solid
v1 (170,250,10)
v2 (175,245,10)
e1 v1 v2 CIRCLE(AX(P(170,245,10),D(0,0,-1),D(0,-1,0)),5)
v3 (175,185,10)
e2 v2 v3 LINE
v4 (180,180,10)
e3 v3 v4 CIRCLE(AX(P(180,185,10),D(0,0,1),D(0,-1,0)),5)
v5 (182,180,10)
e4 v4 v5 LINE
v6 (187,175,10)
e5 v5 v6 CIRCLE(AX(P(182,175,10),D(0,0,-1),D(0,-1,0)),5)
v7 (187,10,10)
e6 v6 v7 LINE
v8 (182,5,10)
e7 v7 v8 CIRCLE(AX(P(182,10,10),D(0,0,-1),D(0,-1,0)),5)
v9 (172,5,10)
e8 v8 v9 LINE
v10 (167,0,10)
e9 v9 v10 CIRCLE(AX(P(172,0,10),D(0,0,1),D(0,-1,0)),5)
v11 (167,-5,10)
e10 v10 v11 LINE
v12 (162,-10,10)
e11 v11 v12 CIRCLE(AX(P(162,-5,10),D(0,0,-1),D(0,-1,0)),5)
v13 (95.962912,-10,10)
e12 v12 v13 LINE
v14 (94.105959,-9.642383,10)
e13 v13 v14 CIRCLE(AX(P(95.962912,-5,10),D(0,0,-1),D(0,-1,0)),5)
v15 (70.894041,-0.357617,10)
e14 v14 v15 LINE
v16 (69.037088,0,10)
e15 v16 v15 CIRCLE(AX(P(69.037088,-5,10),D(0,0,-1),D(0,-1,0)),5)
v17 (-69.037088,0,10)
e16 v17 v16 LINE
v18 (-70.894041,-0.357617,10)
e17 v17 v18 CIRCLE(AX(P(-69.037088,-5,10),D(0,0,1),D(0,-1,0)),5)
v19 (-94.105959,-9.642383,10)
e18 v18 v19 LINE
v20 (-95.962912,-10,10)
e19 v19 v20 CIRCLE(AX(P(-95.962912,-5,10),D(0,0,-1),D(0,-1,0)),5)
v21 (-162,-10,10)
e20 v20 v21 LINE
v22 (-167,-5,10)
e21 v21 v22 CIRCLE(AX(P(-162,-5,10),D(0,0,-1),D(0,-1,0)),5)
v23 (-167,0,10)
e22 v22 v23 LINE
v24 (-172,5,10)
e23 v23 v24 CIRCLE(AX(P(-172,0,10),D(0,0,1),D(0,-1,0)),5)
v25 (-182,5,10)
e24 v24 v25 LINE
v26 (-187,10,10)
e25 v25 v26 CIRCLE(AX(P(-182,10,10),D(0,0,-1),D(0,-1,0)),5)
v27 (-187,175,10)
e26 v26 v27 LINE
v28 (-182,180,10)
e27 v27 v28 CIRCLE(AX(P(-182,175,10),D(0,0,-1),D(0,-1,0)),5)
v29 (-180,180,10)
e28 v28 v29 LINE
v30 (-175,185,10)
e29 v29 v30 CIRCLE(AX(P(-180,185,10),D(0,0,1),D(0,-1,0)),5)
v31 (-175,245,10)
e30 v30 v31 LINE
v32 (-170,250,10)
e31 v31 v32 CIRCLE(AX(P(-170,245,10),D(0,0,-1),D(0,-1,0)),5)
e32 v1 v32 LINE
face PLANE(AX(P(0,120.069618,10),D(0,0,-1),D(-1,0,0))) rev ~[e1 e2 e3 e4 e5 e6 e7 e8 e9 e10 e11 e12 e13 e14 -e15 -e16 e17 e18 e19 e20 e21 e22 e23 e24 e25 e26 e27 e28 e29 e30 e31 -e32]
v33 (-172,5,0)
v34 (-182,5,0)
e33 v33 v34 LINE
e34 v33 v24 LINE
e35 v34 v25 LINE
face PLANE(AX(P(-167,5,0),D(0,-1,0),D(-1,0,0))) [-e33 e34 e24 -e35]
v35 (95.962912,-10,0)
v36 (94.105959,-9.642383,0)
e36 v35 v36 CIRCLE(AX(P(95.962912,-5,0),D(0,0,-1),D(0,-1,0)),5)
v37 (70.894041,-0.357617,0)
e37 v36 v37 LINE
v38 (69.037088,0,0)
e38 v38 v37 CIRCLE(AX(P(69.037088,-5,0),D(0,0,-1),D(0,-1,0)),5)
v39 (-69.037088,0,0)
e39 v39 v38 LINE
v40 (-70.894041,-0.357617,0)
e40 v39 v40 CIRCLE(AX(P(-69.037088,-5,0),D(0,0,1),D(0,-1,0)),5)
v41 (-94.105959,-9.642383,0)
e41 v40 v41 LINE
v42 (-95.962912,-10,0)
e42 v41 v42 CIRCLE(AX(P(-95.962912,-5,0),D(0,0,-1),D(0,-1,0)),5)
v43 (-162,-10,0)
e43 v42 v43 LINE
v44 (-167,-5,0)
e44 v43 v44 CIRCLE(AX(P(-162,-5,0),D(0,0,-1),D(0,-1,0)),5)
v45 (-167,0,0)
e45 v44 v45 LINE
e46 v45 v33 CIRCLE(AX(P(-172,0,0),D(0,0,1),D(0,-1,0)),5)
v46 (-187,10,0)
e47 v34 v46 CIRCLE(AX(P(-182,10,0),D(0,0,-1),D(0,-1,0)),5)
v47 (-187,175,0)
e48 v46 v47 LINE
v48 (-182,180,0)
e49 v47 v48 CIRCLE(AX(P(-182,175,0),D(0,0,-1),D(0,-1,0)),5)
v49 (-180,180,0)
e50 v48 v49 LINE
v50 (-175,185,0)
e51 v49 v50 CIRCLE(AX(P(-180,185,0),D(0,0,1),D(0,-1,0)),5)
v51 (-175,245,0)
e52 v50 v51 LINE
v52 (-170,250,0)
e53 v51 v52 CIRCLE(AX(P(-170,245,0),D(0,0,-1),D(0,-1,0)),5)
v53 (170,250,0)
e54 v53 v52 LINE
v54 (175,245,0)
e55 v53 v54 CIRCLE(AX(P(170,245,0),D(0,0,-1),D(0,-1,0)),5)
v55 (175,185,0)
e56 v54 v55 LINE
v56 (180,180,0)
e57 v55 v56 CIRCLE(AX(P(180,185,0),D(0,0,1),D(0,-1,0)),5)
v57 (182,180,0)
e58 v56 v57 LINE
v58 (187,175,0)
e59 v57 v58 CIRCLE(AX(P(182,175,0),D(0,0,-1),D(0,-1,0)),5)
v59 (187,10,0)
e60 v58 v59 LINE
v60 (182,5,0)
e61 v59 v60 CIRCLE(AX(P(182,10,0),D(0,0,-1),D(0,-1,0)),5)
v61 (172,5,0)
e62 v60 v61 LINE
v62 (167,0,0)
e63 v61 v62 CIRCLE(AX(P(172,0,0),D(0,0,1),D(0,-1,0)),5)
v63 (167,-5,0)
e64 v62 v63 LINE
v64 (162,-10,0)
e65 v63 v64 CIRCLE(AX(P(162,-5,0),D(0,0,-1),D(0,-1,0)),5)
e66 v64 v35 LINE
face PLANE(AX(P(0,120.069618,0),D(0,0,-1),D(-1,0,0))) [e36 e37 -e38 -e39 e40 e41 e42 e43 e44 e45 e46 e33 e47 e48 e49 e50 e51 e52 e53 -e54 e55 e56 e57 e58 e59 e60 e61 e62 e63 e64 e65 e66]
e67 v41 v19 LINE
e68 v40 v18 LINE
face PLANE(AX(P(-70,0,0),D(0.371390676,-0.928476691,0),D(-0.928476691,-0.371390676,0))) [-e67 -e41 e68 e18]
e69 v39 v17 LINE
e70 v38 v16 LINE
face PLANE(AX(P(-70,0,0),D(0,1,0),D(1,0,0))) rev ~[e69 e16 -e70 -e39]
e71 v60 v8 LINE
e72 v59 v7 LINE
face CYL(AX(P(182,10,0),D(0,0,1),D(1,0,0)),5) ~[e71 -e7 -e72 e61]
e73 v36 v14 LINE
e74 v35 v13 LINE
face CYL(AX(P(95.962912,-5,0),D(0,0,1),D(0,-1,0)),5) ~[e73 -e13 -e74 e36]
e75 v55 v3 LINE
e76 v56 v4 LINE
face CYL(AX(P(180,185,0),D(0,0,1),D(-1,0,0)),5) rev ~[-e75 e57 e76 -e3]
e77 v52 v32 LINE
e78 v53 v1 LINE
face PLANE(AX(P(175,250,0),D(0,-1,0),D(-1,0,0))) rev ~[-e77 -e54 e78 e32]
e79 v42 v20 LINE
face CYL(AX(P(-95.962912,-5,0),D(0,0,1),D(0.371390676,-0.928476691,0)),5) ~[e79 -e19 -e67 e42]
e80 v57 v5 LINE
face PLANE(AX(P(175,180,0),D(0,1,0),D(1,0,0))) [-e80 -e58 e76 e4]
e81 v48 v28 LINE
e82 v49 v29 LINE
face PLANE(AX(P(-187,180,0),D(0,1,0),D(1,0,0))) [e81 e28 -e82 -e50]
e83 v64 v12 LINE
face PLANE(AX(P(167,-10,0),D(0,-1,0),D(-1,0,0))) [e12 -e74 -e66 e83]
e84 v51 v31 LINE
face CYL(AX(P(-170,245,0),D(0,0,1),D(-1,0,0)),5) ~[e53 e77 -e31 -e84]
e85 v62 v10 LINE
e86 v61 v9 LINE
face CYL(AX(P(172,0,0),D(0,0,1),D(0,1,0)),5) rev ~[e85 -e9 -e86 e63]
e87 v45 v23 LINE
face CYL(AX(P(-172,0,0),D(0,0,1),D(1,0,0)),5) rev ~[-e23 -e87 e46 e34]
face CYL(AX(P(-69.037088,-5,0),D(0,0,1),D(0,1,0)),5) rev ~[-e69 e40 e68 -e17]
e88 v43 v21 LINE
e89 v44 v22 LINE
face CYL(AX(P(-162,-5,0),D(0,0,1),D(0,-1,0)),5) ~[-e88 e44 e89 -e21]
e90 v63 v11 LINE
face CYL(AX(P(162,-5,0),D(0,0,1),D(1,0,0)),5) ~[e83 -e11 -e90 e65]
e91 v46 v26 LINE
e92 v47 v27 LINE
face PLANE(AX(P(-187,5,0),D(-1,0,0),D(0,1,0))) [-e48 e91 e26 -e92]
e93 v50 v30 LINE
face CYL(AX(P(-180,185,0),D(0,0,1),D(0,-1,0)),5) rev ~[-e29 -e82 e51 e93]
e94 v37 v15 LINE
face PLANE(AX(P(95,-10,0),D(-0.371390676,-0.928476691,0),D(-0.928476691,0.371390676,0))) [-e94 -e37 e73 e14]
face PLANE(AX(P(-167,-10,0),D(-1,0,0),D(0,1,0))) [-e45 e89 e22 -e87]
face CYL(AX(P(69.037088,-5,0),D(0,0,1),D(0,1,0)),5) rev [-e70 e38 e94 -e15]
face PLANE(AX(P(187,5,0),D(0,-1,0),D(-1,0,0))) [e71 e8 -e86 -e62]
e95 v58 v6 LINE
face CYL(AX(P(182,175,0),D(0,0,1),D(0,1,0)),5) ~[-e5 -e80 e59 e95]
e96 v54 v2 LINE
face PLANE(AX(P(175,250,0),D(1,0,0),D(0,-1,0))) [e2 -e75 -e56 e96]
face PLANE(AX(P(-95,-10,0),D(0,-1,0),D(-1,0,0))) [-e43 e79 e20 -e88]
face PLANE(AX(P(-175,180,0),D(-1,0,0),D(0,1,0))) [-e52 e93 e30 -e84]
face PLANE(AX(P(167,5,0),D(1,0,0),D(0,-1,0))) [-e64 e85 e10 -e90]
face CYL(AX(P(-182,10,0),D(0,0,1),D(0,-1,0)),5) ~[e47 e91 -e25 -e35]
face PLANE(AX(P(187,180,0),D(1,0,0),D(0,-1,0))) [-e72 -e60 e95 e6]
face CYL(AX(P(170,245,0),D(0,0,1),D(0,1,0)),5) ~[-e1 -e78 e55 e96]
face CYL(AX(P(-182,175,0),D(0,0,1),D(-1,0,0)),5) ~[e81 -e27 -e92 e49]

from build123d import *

# Parameters (mm, degrees)
PAD_DEPTH = 10
FILLET_R  = 5


with BuildPart() as part:
    # Sketch → Pad (new body)
    with BuildSketch(Plane.XY):
        Polygon((0, 0), (-70, 0), (-95, -10), (-167, -10), (-167, 5), (-187, 5), (-187, 180), (-175, 180), (-175, 250), (0, 250), (175, 250), (175, 180), (187, 180), (187, 5), (167, 5), (167, -10), (95, -10), (70, 0), align=None)
    extrude(amount=PAD_DEPTH)

    # Fillet
    fillet_edges = [part.edges().sort_by_distance(p)[0] for p in [
        (-70, 0, 5),
        (70, 0, 5),
        (95, -10, 5),
        (167, -10, 5),
        (167, 5, 5),
        (187, 5, 5),
        (187, 180, 5),
        (175, 250, 5),
        (175, 180, 5),
        (-175, 250, 5),
        (-175, 180, 5),
        (-187, 180, 5),
        (-187, 5, 5),
        (-167, 5, 5),
        (-167, -10, 5),
        (-95, -10, 5),
    ]]
    fillet(fillet_edges, radius=FILLET_R)


solid = part.part
